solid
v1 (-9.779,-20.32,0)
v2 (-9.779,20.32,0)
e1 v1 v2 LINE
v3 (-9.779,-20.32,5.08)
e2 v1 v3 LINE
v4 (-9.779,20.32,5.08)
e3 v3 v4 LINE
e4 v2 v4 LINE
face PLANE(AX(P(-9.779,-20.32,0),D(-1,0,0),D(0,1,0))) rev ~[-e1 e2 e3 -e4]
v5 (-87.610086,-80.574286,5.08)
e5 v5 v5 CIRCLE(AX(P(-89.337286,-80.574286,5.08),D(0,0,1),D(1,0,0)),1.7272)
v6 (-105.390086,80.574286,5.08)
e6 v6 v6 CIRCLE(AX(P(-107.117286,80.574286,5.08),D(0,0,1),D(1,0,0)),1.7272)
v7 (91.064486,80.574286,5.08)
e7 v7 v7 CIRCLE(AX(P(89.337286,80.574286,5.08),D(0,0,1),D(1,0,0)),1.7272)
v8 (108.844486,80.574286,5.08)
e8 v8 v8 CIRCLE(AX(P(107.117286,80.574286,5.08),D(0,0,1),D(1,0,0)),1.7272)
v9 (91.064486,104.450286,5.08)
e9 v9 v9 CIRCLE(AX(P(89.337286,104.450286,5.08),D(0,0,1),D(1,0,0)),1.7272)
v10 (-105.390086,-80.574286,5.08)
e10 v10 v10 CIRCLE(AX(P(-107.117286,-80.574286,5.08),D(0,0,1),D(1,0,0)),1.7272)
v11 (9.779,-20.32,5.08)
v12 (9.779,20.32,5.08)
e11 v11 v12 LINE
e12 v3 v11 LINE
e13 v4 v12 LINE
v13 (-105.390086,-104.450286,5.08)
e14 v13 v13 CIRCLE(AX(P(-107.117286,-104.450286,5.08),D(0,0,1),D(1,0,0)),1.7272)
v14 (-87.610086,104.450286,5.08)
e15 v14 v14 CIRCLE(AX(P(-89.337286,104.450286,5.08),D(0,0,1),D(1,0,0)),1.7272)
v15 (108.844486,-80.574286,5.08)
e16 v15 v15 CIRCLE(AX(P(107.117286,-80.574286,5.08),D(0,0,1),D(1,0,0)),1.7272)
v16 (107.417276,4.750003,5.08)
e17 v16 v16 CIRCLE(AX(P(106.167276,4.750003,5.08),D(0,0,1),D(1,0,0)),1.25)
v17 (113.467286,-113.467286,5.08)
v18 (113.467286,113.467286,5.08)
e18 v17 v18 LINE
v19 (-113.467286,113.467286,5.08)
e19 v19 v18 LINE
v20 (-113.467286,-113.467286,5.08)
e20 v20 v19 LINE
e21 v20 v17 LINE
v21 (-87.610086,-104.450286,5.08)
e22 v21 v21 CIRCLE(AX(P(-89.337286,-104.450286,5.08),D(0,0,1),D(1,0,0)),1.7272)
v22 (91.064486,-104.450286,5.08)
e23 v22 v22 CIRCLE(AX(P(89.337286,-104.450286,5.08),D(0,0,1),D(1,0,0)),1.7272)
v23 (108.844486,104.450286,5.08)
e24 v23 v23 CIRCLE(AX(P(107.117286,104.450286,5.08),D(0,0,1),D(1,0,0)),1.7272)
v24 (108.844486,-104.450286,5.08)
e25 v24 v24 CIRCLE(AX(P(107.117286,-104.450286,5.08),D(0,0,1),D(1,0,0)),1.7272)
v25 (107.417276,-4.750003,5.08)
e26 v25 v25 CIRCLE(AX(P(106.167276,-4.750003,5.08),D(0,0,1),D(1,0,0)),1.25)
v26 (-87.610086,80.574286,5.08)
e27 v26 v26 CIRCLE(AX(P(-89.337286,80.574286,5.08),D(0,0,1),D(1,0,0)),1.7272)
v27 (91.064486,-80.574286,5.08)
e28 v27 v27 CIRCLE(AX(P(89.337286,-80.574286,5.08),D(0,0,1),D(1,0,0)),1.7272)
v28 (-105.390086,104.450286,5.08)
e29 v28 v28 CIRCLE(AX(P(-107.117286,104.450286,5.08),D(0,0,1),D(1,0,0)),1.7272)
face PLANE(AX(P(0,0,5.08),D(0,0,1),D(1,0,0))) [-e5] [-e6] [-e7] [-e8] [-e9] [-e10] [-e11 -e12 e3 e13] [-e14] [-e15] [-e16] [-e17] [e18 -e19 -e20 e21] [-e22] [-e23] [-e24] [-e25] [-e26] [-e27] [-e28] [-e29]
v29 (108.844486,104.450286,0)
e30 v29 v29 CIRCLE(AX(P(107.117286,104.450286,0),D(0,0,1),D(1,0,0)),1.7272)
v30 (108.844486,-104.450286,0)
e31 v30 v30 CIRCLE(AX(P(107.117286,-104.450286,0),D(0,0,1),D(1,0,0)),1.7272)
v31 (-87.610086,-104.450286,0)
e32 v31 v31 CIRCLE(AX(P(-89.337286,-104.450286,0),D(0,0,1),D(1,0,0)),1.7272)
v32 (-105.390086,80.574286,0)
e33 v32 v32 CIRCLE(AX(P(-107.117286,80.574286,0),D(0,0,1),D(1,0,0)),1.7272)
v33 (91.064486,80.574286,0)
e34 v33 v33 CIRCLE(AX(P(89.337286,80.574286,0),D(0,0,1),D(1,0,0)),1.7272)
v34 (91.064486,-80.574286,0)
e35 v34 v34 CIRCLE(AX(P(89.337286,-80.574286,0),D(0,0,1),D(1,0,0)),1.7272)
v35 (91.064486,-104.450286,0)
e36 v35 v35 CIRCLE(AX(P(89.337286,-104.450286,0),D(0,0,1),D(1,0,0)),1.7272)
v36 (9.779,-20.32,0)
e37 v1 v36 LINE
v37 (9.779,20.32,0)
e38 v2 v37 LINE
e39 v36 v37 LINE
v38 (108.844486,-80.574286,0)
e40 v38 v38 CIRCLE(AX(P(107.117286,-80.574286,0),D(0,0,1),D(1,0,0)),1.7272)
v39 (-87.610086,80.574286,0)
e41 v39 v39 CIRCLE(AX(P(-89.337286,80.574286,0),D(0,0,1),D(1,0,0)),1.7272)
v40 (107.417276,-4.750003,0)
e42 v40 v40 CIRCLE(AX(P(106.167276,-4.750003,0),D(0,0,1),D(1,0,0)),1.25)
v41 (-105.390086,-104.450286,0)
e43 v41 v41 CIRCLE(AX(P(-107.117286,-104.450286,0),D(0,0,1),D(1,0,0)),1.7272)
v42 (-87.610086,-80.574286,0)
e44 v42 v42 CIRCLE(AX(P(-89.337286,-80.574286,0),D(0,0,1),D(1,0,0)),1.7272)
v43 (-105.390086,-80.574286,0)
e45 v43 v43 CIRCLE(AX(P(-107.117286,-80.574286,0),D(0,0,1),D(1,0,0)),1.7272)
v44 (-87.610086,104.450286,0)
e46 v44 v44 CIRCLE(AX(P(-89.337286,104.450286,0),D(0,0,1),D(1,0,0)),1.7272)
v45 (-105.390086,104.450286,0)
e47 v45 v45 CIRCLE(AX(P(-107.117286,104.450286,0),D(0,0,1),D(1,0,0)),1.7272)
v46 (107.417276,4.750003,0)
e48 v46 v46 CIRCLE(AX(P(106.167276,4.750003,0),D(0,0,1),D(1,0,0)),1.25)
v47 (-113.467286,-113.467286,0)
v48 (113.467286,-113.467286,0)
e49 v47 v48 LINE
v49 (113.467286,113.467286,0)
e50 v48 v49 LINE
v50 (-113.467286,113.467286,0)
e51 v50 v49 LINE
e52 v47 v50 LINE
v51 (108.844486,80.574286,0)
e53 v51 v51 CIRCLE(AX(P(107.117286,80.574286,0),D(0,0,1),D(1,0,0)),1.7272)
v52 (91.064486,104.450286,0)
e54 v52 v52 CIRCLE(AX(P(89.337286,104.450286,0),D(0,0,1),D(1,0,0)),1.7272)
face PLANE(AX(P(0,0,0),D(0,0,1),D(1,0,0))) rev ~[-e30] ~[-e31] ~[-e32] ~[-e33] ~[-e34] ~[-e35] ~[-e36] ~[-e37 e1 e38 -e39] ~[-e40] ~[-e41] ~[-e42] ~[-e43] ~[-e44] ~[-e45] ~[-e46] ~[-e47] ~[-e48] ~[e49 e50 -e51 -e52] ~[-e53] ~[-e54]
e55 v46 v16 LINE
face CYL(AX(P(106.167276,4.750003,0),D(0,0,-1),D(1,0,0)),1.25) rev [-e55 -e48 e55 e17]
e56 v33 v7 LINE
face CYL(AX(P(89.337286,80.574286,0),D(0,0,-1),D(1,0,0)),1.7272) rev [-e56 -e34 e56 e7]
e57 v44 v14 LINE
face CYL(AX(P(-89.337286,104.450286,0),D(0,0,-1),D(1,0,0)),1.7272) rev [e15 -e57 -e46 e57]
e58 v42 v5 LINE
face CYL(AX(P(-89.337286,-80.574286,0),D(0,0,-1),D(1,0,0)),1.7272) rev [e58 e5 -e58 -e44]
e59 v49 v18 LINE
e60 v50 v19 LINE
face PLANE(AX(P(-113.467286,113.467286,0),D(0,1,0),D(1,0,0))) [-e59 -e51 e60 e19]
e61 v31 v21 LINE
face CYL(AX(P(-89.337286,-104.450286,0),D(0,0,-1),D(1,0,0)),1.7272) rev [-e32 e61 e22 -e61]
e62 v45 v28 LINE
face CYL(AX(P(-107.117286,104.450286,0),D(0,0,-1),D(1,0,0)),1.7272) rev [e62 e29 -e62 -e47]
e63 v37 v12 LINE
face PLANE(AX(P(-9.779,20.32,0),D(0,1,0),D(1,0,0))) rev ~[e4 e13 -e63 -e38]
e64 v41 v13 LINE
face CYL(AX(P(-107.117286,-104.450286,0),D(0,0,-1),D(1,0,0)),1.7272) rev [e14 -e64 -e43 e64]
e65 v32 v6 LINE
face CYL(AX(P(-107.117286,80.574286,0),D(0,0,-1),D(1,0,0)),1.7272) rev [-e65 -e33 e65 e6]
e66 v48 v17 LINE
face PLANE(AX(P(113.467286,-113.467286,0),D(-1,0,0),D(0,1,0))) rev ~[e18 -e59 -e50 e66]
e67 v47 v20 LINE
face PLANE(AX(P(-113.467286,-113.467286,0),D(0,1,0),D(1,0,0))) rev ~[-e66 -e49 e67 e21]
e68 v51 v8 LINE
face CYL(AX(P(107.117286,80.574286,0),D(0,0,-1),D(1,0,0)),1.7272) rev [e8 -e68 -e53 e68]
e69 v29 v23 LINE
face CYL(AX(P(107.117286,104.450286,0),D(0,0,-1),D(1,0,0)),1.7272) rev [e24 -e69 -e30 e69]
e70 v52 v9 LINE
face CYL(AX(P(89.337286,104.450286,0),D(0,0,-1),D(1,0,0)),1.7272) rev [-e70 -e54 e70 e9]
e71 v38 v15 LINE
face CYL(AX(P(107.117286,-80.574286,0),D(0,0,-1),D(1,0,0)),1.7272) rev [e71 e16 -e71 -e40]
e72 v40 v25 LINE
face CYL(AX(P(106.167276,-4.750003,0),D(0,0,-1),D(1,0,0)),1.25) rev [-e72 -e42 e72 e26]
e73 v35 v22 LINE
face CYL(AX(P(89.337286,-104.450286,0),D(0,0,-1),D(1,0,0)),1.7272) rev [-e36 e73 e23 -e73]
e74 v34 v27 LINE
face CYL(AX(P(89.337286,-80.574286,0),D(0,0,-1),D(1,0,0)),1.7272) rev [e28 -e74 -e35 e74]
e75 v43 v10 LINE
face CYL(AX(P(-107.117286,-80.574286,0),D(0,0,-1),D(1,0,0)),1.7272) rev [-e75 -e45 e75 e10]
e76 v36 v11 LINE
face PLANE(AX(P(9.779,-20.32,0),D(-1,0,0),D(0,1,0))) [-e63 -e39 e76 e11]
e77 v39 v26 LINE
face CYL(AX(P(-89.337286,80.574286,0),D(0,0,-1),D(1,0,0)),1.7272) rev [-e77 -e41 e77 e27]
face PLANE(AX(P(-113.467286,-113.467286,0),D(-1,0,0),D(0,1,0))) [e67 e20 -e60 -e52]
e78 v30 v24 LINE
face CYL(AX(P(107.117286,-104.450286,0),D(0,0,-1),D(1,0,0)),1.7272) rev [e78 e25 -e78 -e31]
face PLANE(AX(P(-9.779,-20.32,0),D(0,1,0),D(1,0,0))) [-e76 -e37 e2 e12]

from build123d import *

# Parameters (mm, degrees)
F0_W     = 226.934572
F0_H     = 226.934572
F0_R     = 1.7272
F0_W_2   = 19.558
F0_H_2   = 40.64
F0_R_2   = 1.25
F1_DEPTH = 5.08


with BuildPart() as f1:
    # F0 (on Top) → F1 (new body)
    with BuildSketch(Plane.XY):
        Rectangle(F0_W, F0_H)
        with Locations((-107.117286, -104.450286)):
            Circle(F0_R, mode=Mode.SUBTRACT)
        with Locations((-89.337286, -104.450286)):
            Circle(F0_R, mode=Mode.SUBTRACT)
        with Locations((-107.117286, -80.574286)):
            Circle(F0_R, mode=Mode.SUBTRACT)
        with Locations((-89.337286, -80.574286)):
            Circle(F0_R, mode=Mode.SUBTRACT)
        Rectangle(F0_W_2, F0_H_2, mode=Mode.SUBTRACT)
        with Locations((89.337286, -104.450286)):
            Circle(F0_R, mode=Mode.SUBTRACT)
        with Locations((107.117286, -104.450286)):
            Circle(F0_R, mode=Mode.SUBTRACT)
        with Locations((89.337286, -80.574286)):
            Circle(F0_R, mode=Mode.SUBTRACT)
        with Locations((107.117286, -80.574286)):
            Circle(F0_R, mode=Mode.SUBTRACT)
        with Locations((106.167276, -4.750003)):
            Circle(F0_R_2, mode=Mode.SUBTRACT)
        with Locations((-107.117286, 80.574286)):
            Circle(F0_R, mode=Mode.SUBTRACT)
        with Locations((-89.337286, 80.574286)):
            Circle(F0_R, mode=Mode.SUBTRACT)
        with Locations((-107.117286, 104.450286)):
            Circle(F0_R, mode=Mode.SUBTRACT)
        with Locations((-89.337286, 104.450286)):
            Circle(F0_R, mode=Mode.SUBTRACT)
        with Locations((106.167276, 4.750003)):
            Circle(F0_R_2, mode=Mode.SUBTRACT)
        with Locations((89.337286, 80.574286)):
            Circle(F0_R, mode=Mode.SUBTRACT)
        with Locations((107.117286, 80.574286)):
            Circle(F0_R, mode=Mode.SUBTRACT)
        with Locations((89.337286, 104.450286)):
            Circle(F0_R, mode=Mode.SUBTRACT)
        with Locations((107.117286, 104.450286)):
            Circle(F0_R, mode=Mode.SUBTRACT)
    extrude(amount=F1_DEPTH)


solid = f1.part
